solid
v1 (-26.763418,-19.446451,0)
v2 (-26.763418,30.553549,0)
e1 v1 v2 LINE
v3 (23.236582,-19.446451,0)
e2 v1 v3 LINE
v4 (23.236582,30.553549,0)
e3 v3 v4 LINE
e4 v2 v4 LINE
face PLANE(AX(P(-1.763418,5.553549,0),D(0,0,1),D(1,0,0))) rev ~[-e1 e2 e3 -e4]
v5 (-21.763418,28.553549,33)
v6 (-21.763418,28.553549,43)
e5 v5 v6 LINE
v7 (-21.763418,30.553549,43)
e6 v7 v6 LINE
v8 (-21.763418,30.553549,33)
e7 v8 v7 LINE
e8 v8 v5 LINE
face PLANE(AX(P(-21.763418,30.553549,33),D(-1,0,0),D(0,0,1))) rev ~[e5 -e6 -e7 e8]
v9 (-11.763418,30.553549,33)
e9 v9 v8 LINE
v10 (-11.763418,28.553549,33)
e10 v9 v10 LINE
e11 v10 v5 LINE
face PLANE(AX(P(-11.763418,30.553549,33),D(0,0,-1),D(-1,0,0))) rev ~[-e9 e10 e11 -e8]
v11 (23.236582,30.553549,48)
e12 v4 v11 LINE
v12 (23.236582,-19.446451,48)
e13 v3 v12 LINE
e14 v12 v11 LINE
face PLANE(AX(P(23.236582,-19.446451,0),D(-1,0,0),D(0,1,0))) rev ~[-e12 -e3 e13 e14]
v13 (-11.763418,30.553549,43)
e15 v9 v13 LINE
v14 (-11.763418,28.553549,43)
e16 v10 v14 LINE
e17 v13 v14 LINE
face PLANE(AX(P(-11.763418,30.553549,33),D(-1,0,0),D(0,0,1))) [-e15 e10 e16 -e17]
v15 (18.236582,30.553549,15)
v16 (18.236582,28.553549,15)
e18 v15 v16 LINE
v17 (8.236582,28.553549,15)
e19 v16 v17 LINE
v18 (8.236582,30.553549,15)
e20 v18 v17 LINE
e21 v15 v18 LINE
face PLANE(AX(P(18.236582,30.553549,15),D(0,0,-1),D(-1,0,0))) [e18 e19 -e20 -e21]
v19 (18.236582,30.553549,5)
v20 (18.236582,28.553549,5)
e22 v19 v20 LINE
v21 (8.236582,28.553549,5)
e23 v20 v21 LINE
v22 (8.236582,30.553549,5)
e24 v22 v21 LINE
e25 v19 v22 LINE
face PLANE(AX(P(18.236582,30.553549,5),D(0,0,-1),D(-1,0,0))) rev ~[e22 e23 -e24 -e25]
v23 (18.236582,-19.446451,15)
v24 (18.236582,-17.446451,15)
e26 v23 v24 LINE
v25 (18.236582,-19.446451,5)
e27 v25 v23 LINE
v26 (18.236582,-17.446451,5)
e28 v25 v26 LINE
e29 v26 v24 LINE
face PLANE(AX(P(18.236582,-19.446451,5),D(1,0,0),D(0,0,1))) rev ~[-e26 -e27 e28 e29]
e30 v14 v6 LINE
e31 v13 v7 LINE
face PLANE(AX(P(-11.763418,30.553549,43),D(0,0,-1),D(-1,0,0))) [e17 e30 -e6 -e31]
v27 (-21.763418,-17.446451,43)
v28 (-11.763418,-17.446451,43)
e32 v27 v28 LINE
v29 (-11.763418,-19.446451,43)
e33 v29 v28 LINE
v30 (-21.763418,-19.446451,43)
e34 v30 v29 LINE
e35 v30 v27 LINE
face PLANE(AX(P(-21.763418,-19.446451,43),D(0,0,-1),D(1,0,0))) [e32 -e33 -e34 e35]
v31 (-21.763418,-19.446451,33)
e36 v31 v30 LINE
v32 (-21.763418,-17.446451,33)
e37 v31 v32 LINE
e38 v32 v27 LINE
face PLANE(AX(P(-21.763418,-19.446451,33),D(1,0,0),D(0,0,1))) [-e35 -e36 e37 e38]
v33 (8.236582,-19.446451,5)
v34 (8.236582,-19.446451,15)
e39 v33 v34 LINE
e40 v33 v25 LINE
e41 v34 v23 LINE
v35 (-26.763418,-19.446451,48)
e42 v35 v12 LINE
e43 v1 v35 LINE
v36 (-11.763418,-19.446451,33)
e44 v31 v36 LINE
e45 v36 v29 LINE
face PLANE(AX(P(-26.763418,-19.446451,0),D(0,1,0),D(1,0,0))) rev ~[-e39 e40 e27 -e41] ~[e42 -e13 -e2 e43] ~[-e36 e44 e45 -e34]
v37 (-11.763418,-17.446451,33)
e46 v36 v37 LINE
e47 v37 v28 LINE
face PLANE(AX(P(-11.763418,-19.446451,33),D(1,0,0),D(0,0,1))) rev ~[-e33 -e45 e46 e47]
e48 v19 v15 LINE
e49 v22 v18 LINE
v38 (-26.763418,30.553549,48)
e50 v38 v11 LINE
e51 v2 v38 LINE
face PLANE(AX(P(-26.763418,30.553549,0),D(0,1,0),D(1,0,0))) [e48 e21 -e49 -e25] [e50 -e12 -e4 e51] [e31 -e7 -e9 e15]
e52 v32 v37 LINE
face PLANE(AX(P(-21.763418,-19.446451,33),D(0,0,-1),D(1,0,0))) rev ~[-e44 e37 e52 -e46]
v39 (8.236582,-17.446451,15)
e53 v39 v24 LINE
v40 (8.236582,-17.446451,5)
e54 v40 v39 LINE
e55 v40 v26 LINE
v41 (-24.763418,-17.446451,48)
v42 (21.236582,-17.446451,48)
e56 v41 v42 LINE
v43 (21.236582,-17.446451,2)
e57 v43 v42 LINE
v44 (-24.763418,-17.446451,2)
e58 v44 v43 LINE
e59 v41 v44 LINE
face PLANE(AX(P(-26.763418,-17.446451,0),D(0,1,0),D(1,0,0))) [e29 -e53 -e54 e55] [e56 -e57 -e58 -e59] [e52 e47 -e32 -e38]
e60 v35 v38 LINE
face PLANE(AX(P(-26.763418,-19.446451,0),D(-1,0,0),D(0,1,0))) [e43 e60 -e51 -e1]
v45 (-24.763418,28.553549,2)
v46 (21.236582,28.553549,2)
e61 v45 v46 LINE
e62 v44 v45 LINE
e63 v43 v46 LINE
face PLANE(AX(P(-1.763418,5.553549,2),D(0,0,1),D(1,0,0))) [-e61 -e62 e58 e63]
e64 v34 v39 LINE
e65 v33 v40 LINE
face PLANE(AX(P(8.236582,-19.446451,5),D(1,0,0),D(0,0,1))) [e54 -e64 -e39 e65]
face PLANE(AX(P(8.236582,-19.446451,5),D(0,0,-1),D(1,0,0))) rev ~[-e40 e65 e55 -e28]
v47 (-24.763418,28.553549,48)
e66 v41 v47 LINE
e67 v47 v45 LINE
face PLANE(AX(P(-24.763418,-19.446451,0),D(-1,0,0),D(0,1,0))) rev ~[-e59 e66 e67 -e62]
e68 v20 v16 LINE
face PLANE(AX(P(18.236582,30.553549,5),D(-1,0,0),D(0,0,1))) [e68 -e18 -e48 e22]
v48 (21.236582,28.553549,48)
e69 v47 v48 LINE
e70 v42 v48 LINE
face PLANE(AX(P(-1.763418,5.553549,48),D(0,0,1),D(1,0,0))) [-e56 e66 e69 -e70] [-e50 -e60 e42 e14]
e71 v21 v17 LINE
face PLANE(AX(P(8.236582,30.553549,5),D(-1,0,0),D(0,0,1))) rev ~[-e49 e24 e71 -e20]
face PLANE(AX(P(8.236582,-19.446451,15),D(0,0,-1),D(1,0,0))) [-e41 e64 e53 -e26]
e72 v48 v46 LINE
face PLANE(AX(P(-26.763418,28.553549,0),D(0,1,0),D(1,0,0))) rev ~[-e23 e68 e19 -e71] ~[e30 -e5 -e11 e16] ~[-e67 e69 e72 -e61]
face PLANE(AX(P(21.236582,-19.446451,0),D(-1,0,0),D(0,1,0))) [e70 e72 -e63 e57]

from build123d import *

# Parameters (mm, degrees)
F0_W     = 50
F0_H     = 50
F1_DEPTH = 48
F2_T     = -2
F3_W     = 10
F3_H     = 10
F5_DEPTH = 2
F4_W     = 10
F4_H     = 10
F6_DEPTH = 2


with BuildPart() as f1:
    # F0 (on Top) → F1 (new body)
    with BuildSketch(Plane.XY):
        with Locations((-1.763418, 5.553549)):
            Rectangle(F0_W, F0_H)
    extrude(amount=F1_DEPTH)

    # F2
    f2_openings = [f1.faces().sort_by_distance(p)[0] for p in [
        (-1.763418, 5.553549, 48),
    ]]
    offset(amount=F2_T, openings=f2_openings)

    # F3 (on face) → F5 (cut)
    with BuildSketch(Plane.XZ.offset(19.446451)):
        with Locations((-16.763418, 38)):
            Rectangle(F3_W, F3_H)
        with Locations((13.236582, 10)):
            Rectangle(F3_W, F3_H)
    extrude(amount=-F5_DEPTH, mode=Mode.SUBTRACT)

    # F4 (on face) → F6 (cut)
    with BuildSketch(Plane(origin=(0, 30.553549, 0), x_dir=(-1, 0, 0), z_dir=(0, 1, 0))):
        with Locations((16.763418, 38)):
            Rectangle(F4_W, F4_H)
        with Locations((-13.236582, 10)):
            Rectangle(F4_W, F4_H)
    extrude(amount=-F6_DEPTH, mode=Mode.SUBTRACT)


solid = f1.part
